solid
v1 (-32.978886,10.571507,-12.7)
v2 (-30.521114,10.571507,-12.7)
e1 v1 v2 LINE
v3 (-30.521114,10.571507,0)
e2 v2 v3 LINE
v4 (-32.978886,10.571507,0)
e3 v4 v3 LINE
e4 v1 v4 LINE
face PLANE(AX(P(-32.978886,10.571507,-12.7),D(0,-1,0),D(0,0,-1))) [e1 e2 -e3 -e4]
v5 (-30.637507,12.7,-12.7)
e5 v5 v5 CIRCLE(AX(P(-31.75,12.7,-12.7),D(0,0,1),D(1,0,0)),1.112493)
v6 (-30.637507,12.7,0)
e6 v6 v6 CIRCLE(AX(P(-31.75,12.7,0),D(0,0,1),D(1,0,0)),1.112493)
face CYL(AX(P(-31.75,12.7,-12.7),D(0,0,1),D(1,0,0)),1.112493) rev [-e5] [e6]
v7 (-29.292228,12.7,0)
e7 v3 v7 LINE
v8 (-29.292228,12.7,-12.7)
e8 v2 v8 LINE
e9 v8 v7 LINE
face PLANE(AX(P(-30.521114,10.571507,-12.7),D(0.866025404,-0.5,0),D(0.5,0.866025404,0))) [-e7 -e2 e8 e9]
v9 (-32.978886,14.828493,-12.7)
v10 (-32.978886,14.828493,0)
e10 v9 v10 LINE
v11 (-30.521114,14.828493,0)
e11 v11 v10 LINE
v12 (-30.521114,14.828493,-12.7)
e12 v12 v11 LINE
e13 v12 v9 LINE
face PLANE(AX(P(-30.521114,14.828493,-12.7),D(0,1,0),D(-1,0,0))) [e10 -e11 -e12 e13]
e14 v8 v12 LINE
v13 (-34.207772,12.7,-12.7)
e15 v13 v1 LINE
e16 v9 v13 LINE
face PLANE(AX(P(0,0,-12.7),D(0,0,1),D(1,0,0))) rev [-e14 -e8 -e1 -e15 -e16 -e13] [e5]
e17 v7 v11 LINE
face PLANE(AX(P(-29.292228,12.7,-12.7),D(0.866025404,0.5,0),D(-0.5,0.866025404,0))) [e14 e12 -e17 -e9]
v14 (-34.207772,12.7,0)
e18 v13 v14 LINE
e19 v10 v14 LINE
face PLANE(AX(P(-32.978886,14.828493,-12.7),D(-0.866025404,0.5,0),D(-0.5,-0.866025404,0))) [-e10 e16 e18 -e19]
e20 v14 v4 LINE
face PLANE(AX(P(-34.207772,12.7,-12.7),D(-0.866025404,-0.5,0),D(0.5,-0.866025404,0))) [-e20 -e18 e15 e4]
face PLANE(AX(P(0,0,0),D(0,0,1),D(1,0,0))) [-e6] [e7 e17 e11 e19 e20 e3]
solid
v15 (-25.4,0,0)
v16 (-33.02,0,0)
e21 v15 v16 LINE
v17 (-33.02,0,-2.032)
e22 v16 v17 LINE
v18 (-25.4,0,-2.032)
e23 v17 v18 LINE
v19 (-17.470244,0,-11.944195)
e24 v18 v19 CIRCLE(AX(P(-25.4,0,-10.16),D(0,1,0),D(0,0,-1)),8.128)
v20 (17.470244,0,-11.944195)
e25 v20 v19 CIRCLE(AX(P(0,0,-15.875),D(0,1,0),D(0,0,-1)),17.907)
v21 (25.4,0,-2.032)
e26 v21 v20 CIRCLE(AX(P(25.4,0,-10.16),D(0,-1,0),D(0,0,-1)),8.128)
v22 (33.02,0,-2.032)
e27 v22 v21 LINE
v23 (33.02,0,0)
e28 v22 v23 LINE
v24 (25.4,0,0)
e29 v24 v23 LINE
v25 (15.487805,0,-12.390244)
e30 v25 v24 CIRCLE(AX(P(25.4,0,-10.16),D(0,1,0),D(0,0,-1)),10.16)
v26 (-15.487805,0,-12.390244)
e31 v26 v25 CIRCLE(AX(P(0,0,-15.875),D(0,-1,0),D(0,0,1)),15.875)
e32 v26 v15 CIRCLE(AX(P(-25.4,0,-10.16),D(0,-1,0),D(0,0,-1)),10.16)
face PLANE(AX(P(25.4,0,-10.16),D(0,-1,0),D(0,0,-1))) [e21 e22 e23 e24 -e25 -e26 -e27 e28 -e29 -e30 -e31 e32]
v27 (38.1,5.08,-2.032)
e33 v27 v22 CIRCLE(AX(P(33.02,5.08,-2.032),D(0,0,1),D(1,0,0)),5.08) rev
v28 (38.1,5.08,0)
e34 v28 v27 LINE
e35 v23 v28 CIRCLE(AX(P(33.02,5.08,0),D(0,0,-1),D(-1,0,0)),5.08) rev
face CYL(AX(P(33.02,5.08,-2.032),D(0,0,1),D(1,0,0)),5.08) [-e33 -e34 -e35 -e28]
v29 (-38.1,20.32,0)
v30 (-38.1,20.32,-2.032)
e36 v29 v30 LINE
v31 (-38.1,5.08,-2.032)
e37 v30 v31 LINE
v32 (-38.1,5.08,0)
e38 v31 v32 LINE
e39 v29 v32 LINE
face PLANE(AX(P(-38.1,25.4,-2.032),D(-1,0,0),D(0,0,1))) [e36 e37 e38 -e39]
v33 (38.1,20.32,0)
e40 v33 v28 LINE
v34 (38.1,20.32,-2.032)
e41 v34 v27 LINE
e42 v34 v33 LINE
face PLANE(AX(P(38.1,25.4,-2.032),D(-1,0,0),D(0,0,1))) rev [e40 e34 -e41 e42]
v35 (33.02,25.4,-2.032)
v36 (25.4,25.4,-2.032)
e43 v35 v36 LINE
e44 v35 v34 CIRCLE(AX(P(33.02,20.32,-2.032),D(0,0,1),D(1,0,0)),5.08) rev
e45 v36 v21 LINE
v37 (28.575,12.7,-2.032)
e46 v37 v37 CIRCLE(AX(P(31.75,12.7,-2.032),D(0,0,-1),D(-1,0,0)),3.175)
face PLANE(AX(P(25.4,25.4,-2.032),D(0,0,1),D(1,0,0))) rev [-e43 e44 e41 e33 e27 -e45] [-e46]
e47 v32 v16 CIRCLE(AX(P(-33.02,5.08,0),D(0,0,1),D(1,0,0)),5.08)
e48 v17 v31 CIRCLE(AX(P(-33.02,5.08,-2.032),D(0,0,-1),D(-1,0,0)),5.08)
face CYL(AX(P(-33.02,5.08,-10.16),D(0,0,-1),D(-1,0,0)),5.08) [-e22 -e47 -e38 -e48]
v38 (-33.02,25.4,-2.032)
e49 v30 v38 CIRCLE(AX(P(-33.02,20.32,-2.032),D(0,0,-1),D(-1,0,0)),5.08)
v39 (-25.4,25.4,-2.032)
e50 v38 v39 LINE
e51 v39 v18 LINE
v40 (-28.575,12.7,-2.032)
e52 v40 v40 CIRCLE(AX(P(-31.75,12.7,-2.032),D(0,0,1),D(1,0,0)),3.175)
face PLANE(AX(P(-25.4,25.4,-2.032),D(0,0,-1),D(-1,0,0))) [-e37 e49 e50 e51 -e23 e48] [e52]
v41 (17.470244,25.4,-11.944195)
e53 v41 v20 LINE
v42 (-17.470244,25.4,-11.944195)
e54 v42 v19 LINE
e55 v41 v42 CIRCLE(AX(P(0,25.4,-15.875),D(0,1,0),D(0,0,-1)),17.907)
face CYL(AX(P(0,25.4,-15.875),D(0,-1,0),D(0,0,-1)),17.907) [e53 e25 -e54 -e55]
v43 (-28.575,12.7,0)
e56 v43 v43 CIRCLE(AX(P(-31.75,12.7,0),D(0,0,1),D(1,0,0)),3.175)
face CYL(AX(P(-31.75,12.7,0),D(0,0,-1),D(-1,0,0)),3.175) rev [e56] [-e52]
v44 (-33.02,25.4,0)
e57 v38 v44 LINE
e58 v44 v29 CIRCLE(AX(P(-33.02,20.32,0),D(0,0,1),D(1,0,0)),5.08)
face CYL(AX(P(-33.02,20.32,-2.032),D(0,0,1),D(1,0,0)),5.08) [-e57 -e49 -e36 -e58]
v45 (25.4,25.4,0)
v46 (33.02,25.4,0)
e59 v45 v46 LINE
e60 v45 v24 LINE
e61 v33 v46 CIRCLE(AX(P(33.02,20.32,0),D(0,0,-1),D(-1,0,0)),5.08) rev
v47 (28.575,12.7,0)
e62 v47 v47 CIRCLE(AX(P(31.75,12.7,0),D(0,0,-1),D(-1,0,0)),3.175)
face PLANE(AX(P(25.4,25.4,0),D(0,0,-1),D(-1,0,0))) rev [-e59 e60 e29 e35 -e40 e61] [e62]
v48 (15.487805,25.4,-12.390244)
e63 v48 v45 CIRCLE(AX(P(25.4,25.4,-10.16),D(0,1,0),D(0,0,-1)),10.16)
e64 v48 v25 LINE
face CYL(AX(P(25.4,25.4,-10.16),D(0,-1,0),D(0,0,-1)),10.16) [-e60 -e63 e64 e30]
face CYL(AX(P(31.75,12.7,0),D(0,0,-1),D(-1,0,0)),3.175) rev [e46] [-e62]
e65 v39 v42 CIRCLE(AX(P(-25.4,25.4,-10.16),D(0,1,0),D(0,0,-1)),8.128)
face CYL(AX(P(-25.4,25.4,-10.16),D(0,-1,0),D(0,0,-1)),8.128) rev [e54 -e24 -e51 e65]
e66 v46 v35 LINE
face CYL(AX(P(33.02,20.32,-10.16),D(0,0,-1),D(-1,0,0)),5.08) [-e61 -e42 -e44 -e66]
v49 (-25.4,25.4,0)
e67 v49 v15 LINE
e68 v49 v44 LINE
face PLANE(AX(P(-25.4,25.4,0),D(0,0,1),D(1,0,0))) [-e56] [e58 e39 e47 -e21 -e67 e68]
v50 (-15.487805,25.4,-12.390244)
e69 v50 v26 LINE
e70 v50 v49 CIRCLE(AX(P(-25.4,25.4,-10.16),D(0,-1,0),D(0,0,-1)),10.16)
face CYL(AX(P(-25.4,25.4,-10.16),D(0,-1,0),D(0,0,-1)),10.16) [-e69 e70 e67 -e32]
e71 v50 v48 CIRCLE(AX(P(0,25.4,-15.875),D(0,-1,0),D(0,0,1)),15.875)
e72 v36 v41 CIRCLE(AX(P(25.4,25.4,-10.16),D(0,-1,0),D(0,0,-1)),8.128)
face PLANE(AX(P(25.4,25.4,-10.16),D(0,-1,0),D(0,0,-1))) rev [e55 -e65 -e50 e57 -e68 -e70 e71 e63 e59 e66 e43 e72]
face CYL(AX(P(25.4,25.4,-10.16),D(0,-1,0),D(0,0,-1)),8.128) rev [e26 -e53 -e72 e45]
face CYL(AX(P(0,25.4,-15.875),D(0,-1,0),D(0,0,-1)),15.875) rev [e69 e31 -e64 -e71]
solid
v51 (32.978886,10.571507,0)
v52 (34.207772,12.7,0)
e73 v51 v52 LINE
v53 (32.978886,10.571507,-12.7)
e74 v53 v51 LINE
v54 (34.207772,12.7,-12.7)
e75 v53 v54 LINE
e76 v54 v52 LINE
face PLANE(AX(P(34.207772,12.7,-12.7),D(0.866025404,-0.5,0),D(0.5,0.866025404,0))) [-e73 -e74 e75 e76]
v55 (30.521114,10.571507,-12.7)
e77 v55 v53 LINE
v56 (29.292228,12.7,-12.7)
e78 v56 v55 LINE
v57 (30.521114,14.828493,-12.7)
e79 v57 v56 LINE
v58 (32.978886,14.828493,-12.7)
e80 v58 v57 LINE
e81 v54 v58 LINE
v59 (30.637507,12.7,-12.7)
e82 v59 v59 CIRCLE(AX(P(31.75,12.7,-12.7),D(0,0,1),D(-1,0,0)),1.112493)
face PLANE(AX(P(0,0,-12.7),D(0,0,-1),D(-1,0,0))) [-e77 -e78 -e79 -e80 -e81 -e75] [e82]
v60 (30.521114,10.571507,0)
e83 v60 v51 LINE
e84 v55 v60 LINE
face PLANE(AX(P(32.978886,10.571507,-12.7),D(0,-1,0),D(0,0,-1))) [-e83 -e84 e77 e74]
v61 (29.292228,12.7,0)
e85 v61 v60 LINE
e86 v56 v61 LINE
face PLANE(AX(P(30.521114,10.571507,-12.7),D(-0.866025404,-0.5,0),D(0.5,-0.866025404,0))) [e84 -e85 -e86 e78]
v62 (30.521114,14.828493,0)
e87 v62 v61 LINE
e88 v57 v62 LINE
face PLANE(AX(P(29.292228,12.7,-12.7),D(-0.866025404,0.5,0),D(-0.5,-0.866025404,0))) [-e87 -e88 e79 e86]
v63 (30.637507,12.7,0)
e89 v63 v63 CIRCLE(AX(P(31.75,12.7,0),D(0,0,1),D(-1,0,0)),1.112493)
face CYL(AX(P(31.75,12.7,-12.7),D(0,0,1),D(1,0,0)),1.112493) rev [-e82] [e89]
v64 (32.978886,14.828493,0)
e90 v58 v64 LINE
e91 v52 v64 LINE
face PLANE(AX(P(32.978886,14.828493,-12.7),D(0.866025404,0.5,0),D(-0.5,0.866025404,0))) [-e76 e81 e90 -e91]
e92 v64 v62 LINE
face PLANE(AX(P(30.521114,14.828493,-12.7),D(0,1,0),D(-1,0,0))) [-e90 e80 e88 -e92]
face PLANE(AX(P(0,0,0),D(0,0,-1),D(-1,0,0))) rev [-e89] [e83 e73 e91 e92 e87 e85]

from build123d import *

# Parameters (mm, degrees)
BOSS_EXTRUDE1_DEPTH   = 25.4
FILLET1_R             = 5.08
SKETCH2_R             = 3.175
CUT_EXTRUDE1_DEPTH    = 3.032
SKETCH4_R             = 1.112492688
BOSS_EXTRUDE2_DEPTH   = 12.7
BOSS_EXTRUDE2_2_DEPTH = 12.7


with BuildPart() as part:
    # Sketch1 → Boss-Extrude1 (new body)
    with BuildSketch(Plane(origin=(0, 0, 0), x_dir=(1, 0, 0), z_dir=(0, 1, 0))):
        with BuildLine():
            Line((0, 31.75), (0, 33.782))
            ThreePointArc((0, 33.782), (13.983017771, 27.061414217), (17.470243902, 11.944195122))
            ThreePointArc((17.470243902, 11.944195122), (19.053098317, 5.082478653), (25.4, 2.032))
            Line((25.4, 2.032), (38.1, 2.032))
            Line((38.1, 2.032), (38.1, 0))
            Line((38.1, 0), (25.4, 0))
            ThreePointArc((25.4, 0), (17.466372896, 3.813098317), (15.487804878, 12.390243902))
            ThreePointArc((15.487804878, 12.390243902), (12.39629235, 25.79203388), (0, 31.75))
        make_face()
    boss_extrude1 = extrude(amount=BOSS_EXTRUDE1_DEPTH)

    # Mirror2: Boss-Extrude1 across plane
    add(boss_extrude1.mirror(Plane(origin=(0, 0, 0), x_dir=(0, 0, 1), z_dir=(1, 0, 0))))

    # Fillet1
    fillet1_edges = [part.edges().sort_by_distance(p)[0] for p in [
        (38.1, 25.4, -1.016),
        (-38.1, 25.4, -1.016),
        (-38.1, 0, -1.016),
        (38.1, 0, -1.016),
    ]]
    fillet(fillet1_edges, radius=FILLET1_R)

    # Sketch2 → Cut-Extrude1 (cut, through all)
    with BuildSketch(Plane(origin=(0, 0, -2.032), x_dir=(-1, 0, 0), z_dir=(0, 0, -1))):
        with Locations((-31.75, 12.7)):
            Circle(SKETCH2_R)
    cut_extrude1 = extrude(amount=-CUT_EXTRUDE1_DEPTH, mode=Mode.SUBTRACT)

    # Mirror1: Cut-Extrude1 across plane
    add(cut_extrude1.mirror(Plane(origin=(0, 0, 0), x_dir=(0, 0, 1), z_dir=(1, 0, 0))), mode=Mode.SUBTRACT)


with BuildPart() as body_2:
    # Sketch4 → Boss-Extrude2 (new body)
    with BuildSketch(Plane.XY):
        Polygon((-29.292228347, 12.7), (-30.521114173, 14.828492688), (-32.978885827, 14.828492688), (-34.207771653, 12.7), (-32.978885827, 10.571507312), (-30.521114173, 10.571507312), align=None)
        with Locations((-31.75, 12.7)):
            Circle(SKETCH4_R, mode=Mode.SUBTRACT)
    extrude(amount=-BOSS_EXTRUDE2_DEPTH)


with BuildPart() as body_3:
    # Sketch4 → Boss-Extrude2 2 (new body)
    with BuildSketch(Plane.XY):
        Polygon((30.521114173, 10.571507312), (29.292228347, 12.7), (30.521114173, 14.828492688), (32.978885827, 14.828492688), (34.207771653, 12.7), (32.978885827, 10.571507312), align=None)
        with Locations((31.75, 12.7)):
            Circle(SKETCH4_R, mode=Mode.SUBTRACT)
    extrude(amount=-BOSS_EXTRUDE2_2_DEPTH)


solid = Compound([part.part, body_2.part, body_3.part])
